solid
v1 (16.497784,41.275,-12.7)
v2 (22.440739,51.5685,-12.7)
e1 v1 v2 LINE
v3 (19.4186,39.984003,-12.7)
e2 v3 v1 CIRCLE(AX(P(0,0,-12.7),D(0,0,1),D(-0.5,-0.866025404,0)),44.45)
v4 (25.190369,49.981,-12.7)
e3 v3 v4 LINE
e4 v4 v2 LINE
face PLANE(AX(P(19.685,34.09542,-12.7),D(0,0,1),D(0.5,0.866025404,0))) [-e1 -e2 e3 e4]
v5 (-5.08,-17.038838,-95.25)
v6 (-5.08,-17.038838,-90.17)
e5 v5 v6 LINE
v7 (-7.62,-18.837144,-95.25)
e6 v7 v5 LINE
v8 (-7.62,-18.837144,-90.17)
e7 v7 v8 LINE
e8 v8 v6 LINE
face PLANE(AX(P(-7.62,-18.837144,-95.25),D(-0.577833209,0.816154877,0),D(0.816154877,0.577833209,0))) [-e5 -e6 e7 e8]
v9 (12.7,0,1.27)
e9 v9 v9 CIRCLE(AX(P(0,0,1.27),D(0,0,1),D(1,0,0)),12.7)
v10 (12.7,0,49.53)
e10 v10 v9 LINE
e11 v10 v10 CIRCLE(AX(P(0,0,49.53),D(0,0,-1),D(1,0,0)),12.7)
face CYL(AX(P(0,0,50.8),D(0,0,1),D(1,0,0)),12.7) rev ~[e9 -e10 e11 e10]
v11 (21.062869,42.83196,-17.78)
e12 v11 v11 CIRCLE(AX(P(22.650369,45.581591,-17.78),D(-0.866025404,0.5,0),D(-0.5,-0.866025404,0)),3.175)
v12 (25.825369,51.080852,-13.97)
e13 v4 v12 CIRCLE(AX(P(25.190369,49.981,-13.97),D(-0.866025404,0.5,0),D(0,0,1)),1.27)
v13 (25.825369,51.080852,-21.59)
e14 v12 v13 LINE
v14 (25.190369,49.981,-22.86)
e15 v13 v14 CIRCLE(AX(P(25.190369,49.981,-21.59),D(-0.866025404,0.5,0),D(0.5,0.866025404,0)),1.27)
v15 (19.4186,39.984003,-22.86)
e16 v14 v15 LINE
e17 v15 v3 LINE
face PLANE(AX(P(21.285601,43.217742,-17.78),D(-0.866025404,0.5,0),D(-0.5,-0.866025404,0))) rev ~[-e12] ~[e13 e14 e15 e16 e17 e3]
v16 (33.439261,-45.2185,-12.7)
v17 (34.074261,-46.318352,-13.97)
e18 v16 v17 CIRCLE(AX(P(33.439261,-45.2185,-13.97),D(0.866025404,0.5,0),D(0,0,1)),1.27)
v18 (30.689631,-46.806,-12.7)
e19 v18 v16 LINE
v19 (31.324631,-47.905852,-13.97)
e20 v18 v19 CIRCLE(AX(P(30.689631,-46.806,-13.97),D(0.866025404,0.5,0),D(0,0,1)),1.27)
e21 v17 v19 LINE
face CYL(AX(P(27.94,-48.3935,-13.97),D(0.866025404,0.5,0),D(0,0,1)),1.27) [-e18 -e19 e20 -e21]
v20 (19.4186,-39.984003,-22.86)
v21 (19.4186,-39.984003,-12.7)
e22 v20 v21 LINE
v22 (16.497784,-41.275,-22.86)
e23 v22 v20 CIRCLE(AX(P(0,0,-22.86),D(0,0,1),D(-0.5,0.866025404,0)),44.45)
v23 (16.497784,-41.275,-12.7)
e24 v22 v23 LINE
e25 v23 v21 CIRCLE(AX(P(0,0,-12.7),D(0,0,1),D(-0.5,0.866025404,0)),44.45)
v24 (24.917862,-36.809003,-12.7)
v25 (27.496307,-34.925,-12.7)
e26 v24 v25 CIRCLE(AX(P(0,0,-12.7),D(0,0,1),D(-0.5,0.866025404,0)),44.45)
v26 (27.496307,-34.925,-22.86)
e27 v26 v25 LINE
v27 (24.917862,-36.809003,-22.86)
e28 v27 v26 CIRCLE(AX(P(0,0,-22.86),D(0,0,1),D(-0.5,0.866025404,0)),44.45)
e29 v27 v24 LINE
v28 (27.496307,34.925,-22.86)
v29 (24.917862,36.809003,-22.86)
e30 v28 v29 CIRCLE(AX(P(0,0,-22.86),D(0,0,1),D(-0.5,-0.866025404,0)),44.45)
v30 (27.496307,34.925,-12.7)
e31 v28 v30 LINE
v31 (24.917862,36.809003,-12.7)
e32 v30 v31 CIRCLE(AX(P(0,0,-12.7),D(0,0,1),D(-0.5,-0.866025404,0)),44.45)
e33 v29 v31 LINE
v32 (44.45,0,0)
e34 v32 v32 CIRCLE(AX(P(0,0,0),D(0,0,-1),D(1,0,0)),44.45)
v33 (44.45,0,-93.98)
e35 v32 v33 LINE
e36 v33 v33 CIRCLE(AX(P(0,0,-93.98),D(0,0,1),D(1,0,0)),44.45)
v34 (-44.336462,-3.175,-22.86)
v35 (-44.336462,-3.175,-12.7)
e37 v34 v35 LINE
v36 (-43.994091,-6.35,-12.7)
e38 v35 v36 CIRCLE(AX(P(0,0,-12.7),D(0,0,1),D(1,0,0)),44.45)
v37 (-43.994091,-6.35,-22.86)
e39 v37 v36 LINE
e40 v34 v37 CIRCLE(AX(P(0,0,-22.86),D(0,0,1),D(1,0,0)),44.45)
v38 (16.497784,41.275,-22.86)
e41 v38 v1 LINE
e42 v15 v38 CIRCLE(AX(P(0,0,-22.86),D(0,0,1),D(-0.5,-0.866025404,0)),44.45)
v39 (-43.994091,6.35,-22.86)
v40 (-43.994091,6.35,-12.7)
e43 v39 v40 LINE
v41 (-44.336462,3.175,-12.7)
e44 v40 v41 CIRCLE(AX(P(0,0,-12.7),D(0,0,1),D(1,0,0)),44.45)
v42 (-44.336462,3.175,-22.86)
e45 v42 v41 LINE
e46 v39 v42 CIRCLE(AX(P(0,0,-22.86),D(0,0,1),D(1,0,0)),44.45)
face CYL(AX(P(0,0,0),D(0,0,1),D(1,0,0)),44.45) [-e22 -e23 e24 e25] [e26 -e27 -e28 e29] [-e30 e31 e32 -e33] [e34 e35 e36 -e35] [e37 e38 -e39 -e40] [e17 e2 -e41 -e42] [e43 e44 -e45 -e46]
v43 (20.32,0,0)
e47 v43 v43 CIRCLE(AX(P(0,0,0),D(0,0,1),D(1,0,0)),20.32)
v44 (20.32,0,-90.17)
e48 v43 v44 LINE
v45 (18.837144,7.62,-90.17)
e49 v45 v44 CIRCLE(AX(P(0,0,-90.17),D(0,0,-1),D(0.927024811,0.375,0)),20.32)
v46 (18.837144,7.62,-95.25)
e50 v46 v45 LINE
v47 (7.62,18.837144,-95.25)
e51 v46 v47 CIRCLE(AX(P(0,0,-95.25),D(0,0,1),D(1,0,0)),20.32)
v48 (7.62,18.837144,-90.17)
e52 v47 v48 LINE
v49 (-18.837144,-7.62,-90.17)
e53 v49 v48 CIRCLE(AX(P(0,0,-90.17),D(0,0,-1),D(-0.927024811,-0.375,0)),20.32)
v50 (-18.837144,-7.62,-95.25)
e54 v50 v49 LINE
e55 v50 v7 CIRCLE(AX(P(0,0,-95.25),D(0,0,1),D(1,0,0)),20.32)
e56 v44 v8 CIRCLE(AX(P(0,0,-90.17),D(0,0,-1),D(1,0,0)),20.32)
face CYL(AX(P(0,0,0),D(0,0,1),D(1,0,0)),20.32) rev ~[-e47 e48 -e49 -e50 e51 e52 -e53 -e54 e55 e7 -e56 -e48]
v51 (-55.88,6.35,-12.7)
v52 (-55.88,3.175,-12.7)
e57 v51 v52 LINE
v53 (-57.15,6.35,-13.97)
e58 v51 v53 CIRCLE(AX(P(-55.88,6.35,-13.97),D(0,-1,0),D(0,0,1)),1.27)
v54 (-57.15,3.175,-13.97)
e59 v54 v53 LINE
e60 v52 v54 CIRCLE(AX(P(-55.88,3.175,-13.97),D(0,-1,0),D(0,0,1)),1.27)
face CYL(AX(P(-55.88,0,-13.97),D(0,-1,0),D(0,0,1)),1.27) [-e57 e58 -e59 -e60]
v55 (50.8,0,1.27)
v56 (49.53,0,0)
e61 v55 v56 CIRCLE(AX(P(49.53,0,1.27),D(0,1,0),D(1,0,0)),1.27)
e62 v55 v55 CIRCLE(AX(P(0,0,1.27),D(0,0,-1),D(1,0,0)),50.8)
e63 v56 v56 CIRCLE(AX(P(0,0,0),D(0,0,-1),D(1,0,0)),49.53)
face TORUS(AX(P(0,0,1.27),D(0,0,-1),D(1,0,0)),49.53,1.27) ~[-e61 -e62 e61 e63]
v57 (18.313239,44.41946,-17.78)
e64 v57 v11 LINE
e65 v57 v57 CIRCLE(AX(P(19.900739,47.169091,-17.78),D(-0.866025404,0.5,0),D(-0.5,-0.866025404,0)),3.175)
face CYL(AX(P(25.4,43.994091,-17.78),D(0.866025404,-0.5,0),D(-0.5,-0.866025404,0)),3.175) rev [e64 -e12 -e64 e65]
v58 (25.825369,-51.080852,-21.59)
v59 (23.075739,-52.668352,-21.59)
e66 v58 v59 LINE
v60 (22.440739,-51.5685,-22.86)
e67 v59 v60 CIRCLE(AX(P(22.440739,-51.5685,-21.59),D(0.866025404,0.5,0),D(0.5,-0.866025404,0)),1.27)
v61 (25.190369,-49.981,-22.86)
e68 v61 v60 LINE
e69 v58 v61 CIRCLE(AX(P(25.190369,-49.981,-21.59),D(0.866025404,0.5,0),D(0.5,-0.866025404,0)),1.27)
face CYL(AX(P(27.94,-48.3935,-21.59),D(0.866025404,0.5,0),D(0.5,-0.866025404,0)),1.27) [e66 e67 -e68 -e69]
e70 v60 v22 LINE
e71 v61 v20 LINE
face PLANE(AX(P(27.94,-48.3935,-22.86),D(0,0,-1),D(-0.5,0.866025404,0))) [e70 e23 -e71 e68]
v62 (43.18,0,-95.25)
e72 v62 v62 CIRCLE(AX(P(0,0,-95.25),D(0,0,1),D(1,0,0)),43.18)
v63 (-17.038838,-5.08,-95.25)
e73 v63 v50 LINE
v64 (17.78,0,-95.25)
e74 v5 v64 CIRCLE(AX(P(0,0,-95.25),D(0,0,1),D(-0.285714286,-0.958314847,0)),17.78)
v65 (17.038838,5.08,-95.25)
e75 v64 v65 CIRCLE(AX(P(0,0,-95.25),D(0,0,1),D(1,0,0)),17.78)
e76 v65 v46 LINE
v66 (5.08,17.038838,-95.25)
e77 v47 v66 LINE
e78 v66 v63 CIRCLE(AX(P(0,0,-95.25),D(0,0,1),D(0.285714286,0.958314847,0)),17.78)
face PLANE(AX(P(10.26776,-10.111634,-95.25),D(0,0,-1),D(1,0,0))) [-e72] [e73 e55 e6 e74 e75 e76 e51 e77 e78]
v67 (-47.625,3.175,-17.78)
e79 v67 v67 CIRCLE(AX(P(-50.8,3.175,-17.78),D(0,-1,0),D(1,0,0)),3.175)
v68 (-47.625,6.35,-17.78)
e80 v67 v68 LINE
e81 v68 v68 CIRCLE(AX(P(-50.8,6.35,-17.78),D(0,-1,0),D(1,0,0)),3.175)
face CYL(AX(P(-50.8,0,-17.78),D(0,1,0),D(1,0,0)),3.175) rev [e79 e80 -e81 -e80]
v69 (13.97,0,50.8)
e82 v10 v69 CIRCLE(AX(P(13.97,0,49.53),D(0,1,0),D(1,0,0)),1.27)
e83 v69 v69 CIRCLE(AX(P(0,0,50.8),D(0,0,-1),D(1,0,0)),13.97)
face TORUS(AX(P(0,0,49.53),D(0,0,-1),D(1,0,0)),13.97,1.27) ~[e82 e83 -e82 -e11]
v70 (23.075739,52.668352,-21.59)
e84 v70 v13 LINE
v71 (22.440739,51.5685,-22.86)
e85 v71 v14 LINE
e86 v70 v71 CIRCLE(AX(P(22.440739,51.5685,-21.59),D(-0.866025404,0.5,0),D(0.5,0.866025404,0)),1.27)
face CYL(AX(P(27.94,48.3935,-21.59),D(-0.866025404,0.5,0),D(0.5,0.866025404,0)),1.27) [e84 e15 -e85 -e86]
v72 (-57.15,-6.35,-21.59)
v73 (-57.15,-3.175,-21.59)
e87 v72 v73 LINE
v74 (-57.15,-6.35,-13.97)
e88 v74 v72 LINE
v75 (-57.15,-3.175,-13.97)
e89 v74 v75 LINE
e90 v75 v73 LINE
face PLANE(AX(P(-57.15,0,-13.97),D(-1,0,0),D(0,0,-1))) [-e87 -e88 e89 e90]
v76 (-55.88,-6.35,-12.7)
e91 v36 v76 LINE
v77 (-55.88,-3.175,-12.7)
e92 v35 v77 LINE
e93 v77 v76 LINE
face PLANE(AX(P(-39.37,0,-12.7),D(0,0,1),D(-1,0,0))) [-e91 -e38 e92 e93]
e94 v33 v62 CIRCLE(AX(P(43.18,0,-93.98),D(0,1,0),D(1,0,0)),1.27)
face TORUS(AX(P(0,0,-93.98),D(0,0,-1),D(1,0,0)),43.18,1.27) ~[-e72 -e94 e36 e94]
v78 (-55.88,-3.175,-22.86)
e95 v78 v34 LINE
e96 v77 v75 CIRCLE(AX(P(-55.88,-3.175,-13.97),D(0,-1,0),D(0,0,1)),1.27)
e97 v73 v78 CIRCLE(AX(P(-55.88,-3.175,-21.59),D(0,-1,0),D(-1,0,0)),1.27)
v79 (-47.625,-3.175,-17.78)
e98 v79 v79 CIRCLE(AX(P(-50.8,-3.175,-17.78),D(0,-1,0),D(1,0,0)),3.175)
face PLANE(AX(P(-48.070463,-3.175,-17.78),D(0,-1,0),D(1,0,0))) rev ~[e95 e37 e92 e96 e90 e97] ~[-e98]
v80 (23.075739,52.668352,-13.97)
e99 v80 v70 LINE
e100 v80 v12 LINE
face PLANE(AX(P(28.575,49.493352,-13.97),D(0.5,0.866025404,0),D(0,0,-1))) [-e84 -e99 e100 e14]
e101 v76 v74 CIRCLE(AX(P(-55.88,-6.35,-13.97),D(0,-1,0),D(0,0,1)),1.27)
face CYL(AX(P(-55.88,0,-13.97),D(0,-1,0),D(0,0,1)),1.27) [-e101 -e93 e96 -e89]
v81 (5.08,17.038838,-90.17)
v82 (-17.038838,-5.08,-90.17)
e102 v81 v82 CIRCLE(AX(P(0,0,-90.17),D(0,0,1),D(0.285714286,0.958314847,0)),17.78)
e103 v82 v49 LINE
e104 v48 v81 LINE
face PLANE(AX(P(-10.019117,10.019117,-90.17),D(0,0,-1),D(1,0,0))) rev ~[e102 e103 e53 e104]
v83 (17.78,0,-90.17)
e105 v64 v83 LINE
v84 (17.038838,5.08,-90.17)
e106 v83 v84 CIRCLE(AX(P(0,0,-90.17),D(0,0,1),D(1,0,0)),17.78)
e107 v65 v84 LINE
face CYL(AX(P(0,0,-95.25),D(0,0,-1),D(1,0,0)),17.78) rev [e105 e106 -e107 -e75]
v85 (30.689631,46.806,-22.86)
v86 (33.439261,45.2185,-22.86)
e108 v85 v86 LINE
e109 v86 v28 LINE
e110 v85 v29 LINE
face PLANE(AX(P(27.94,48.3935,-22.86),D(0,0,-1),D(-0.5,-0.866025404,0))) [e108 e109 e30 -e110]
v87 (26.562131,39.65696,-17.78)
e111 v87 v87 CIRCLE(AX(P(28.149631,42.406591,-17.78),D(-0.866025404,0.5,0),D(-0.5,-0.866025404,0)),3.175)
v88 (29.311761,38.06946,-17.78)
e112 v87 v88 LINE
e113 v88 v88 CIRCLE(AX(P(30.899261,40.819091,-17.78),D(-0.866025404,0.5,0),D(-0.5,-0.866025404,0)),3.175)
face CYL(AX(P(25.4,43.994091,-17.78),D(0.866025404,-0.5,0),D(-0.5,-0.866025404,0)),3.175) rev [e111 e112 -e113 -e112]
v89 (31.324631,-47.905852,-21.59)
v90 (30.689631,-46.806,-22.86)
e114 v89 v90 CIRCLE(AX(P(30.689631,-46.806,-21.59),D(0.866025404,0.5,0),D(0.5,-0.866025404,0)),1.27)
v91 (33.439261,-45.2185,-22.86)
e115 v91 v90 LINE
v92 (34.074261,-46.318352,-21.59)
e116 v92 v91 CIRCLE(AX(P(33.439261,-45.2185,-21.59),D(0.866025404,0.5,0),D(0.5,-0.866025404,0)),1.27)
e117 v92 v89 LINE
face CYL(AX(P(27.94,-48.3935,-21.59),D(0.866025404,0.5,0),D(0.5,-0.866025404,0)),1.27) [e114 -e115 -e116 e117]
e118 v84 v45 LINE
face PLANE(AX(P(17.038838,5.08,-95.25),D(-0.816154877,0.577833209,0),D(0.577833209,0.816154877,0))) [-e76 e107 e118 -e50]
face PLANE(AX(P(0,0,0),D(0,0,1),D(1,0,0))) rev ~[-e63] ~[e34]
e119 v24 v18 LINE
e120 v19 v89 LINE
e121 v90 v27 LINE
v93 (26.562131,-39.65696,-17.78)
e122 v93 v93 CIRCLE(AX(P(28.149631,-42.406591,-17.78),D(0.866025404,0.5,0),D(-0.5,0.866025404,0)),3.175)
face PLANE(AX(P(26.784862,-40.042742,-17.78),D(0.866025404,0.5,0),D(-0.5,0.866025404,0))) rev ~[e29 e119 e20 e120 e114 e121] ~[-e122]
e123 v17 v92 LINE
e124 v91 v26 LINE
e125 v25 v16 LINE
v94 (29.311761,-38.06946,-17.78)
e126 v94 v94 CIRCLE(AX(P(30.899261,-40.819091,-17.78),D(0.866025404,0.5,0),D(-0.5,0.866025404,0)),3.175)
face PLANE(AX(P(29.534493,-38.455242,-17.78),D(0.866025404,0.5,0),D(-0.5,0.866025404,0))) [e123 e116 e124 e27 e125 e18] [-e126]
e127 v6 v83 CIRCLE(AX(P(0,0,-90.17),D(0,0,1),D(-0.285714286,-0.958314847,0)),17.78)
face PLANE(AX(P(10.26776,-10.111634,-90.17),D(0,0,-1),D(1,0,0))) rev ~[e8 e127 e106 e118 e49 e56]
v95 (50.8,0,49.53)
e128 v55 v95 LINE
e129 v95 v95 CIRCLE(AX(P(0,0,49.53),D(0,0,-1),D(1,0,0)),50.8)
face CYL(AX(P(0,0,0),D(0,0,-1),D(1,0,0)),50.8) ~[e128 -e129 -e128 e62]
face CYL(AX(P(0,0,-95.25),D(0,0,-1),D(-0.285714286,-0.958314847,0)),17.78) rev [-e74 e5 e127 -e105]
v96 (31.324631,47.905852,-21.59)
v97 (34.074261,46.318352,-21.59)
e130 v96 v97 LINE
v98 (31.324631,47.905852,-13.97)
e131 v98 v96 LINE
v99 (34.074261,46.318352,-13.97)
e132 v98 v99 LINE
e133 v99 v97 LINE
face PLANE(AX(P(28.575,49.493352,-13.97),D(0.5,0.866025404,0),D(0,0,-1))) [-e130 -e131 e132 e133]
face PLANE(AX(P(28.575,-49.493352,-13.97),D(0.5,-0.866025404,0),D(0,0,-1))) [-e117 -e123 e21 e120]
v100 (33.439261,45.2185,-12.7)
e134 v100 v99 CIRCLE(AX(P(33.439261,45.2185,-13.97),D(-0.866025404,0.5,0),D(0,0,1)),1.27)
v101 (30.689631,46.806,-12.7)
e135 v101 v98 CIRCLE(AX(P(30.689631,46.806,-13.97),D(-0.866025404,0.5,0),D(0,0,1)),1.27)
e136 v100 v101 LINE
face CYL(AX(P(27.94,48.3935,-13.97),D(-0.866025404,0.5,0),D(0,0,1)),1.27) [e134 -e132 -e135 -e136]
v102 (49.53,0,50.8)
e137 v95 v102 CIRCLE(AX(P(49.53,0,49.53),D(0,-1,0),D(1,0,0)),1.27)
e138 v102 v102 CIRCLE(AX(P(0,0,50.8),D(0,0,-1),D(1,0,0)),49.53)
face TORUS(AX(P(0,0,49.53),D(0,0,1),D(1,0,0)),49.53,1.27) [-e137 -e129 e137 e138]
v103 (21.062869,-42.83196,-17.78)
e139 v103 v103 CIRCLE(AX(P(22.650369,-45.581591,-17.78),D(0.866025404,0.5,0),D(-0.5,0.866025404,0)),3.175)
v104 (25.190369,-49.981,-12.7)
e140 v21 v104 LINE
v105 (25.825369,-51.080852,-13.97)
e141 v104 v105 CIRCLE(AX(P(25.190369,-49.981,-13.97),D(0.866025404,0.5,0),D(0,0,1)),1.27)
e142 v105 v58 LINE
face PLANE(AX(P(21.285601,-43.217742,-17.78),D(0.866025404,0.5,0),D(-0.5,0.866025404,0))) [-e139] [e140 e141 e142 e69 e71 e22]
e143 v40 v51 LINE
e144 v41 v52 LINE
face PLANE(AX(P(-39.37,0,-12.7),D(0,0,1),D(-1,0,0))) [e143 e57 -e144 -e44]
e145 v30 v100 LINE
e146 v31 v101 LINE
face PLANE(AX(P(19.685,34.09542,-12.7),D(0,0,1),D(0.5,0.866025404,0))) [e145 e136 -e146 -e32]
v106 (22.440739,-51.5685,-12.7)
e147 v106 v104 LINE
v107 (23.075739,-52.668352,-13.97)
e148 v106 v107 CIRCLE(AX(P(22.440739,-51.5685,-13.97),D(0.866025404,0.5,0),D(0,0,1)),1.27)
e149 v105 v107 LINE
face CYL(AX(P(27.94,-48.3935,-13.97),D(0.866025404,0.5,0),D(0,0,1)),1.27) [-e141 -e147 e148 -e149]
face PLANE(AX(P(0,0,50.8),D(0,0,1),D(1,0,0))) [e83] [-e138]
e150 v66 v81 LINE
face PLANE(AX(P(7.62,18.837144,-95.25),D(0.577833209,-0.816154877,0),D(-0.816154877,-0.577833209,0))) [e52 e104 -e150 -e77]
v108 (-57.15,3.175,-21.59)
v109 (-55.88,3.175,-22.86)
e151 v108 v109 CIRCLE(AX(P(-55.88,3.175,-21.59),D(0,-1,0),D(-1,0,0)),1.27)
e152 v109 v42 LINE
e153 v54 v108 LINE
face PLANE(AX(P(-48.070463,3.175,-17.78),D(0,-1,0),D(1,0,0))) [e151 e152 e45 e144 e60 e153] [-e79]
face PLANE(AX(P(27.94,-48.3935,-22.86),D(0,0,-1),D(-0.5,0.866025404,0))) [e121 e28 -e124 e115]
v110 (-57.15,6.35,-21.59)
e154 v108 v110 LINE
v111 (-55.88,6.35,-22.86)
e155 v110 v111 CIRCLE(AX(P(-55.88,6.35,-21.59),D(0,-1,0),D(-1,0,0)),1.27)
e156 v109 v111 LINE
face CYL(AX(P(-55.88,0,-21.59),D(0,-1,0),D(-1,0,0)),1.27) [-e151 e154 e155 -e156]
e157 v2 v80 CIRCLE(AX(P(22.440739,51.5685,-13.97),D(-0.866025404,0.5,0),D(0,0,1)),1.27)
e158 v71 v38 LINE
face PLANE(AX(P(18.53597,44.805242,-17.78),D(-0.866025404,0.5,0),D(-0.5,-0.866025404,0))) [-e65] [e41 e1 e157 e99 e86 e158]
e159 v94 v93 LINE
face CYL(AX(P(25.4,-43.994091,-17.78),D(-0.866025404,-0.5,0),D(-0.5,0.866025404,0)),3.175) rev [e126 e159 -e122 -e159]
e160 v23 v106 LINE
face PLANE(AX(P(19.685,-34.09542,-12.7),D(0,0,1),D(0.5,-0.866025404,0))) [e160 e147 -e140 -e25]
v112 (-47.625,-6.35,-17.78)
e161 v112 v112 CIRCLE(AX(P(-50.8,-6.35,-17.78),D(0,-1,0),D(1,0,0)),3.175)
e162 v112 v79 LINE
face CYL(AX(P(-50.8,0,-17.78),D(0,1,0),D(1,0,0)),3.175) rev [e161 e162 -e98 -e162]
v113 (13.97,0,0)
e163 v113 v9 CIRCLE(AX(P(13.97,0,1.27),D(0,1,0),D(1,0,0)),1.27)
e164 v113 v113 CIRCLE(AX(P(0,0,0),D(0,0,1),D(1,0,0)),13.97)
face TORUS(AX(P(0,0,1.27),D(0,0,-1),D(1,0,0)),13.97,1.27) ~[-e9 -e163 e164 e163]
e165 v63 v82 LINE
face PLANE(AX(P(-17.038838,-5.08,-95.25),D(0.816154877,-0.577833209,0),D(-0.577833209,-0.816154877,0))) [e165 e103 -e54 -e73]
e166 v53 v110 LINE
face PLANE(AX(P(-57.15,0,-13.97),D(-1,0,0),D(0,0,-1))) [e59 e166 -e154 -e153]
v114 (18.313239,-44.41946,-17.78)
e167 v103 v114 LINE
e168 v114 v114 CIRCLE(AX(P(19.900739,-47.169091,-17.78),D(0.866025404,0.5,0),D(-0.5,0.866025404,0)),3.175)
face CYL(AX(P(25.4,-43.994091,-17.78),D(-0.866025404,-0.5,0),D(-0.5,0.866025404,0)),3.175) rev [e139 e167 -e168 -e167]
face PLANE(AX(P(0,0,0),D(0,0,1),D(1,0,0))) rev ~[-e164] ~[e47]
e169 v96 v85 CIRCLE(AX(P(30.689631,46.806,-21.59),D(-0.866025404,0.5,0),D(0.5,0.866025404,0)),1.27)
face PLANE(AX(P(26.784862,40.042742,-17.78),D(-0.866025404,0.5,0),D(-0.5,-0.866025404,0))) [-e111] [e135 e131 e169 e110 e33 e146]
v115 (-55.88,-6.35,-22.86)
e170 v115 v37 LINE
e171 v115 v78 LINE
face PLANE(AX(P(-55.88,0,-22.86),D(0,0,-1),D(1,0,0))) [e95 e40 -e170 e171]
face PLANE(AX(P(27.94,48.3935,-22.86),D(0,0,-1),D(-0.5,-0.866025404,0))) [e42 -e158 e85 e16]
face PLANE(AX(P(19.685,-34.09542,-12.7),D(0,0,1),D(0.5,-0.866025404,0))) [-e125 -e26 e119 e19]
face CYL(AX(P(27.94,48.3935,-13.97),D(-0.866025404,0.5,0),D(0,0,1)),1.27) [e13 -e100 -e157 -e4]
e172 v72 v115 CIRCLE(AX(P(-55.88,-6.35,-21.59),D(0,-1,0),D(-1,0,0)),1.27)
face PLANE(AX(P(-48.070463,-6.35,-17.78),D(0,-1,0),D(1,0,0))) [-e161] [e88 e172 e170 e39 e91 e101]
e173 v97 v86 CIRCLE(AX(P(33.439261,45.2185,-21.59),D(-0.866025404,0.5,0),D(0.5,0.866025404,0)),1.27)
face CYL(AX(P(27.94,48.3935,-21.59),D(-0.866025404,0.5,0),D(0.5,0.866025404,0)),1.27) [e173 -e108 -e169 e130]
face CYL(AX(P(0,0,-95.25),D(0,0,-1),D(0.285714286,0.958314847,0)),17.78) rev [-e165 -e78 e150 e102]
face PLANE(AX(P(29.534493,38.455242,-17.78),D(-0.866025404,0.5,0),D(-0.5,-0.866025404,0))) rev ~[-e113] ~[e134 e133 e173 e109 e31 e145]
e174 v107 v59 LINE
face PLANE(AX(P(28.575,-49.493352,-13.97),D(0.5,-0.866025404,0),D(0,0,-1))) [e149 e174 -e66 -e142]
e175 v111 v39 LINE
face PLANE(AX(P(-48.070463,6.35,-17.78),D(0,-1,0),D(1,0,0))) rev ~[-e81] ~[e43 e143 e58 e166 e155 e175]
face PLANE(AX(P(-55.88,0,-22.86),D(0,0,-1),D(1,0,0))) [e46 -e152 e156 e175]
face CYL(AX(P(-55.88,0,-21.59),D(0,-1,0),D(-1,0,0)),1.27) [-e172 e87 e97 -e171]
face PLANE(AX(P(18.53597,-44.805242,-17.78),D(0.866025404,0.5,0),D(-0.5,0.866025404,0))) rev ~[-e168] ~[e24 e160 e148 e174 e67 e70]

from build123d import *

# Parameters (mm, degrees)
F0_R      = 44.45
F0_R_2    = 20.32
F1_DEPTH  = 95.25
F2_DEPTH  = 25.4
F3_R      = 50.8
F4_DEPTH  = 50.8
F5_R      = 1.27
F6_R      = 1.27
F7_R      = 12.7
F8_DEPTH  = 127
F9_R      = 1.27
F10_R     = 3.175
F11_DEPTH = 6.35
F12_DEPTH = 3.175
F13_COUNT = 3
F15_DEPTH = 5.08


with BuildPart() as f1:
    # F0 (on Top) → F1 (new body)
    with BuildSketch(Plane.XY):
        Circle(F0_R)
        Circle(F0_R_2, mode=Mode.SUBTRACT)
    extrude(amount=-F1_DEPTH)

    # F0 (on Top) → F2 (cut)
    with BuildSketch(Plane.XY):
        Circle(F0_R_2)
    extrude(amount=F2_DEPTH, mode=Mode.SUBTRACT)

    # F3 (on face) → F4 (join)
    with BuildSketch(Plane.XY):
        Circle(F3_R)
    extrude(amount=F4_DEPTH)

    # F5
    f5_edges = [f1.edges().sort_by_distance(p)[0] for p in [
        (50.8, 0, 25.4),
        (-50.8, 0, 0),
        (-50.8, 0, 50.8),
    ]]
    fillet(f5_edges, radius=F5_R)

    # F6
    f6_edges = [f1.edges().sort_by_distance(p)[0] for p in [
        (-44.45, 0, -95.25),
    ]]
    fillet(f6_edges, radius=F6_R)

    # F7 (on face) → F8 (cut)
    with BuildSketch(Plane.XY.offset(50.8)):
        Circle(F7_R)
    extrude(amount=-F8_DEPTH, mode=Mode.SUBTRACT)

    # F9
    f9_edges = [f1.edges().sort_by_distance(p)[0] for p in [
        (-12.7, 0, 50.8),
        (12.7, 0, 25.4),
        (-12.7, 0, 0),
    ]]
    fillet(f9_edges, radius=F9_R)

    # F10 (on Front) → F11 (join, symmetric)
    with BuildSketch(Plane.XZ):
        with BuildLine():
            Line((-55.88, -22.86), (-39.37, -22.86))
            Line((-39.37, -22.86), (-39.37, -12.7))
            Line((-39.37, -12.7), (-55.88, -12.7))
            ThreePointArc((-55.88, -12.7), (-56.7780256121, -13.0719743879), (-57.15, -13.97))
            Line((-57.15, -13.97), (-57.15, -21.59))
            ThreePointArc((-57.15, -21.59), (-56.7780256121, -22.4880256121), (-55.88, -22.86))
        make_face()
        with Locations((-50.8, -17.78)):
            Circle(F10_R, mode=Mode.SUBTRACT)
    extrude(amount=F11_DEPTH, both=True)

    # F10 (on Front) → F12 (cut, symmetric)
    with BuildSketch(Plane.XZ):
        with BuildLine():
            Line((-55.88, -22.86), (-39.37, -22.86))
            Line((-39.37, -22.86), (-39.37, -12.7))
            Line((-39.37, -12.7), (-55.88, -12.7))
            ThreePointArc((-55.88, -12.7), (-56.7780256121, -13.0719743879), (-57.15, -13.97))
            Line((-57.15, -13.97), (-57.15, -21.59))
            ThreePointArc((-57.15, -21.59), (-56.7780256121, -22.4880256121), (-55.88, -22.86))
        make_face()
        with Locations((-50.8, -17.78)):
            Circle(F10_R, mode=Mode.SUBTRACT)
    extrude(amount=F12_DEPTH, both=True, mode=Mode.SUBTRACT)

    # F13: F1 ×3 about axis
    f13_axis = Axis((0, 0, 0), (0, 0, 1))


with BuildPart() as f1_1:
    add(f1.part)
    for i in range(1, F13_COUNT):
        add(f1.part.rotate(f13_axis, i * 360 / F13_COUNT))

    # F14 (on face) → F15 (join)
    with BuildSketch(Plane(origin=(0, 0, -95.25), x_dir=(1, 0, 0), z_dir=(0, 0, -1))):
        with BuildLine():
            ThreePointArc((18.8371441572, -7.62), (19.9458412868, -3.8814707731), (20.32, 0))
            ThreePointArc((20.32, 0), (11.3592253257, 16.848453935), (-7.62, 18.8371441572))
            Line((-7.62, 18.8371441572), (-5.08, 17.0388379885))
            ThreePointArc((-5.08, 17.0388379885), (10.625582337, 14.2557146436), (17.78, 0))
            ThreePointArc((17.78, 0), (17.5937338197, -2.5668911706), (17.0388379885, -5.08))
            Line((17.0388379885, -5.08), (18.8371441572, -7.62))
        make_face()
        with BuildLine():
            Line((-17.0388379885, 5.08), (-18.8371441572, 7.62))
            ThreePointArc((-18.8371441572, 7.62), (-14.3684097937, -14.3684097937), (7.62, -18.8371441572))
            Line((7.62, -18.8371441572), (5.08, -17.0388379885))
            ThreePointArc((5.08, -17.0388379885), (-12.5723585695, -12.5723585695), (-17.0388379885, 5.08))
        make_face()
    extrude(amount=-F15_DEPTH)


solid = f1_1.part
